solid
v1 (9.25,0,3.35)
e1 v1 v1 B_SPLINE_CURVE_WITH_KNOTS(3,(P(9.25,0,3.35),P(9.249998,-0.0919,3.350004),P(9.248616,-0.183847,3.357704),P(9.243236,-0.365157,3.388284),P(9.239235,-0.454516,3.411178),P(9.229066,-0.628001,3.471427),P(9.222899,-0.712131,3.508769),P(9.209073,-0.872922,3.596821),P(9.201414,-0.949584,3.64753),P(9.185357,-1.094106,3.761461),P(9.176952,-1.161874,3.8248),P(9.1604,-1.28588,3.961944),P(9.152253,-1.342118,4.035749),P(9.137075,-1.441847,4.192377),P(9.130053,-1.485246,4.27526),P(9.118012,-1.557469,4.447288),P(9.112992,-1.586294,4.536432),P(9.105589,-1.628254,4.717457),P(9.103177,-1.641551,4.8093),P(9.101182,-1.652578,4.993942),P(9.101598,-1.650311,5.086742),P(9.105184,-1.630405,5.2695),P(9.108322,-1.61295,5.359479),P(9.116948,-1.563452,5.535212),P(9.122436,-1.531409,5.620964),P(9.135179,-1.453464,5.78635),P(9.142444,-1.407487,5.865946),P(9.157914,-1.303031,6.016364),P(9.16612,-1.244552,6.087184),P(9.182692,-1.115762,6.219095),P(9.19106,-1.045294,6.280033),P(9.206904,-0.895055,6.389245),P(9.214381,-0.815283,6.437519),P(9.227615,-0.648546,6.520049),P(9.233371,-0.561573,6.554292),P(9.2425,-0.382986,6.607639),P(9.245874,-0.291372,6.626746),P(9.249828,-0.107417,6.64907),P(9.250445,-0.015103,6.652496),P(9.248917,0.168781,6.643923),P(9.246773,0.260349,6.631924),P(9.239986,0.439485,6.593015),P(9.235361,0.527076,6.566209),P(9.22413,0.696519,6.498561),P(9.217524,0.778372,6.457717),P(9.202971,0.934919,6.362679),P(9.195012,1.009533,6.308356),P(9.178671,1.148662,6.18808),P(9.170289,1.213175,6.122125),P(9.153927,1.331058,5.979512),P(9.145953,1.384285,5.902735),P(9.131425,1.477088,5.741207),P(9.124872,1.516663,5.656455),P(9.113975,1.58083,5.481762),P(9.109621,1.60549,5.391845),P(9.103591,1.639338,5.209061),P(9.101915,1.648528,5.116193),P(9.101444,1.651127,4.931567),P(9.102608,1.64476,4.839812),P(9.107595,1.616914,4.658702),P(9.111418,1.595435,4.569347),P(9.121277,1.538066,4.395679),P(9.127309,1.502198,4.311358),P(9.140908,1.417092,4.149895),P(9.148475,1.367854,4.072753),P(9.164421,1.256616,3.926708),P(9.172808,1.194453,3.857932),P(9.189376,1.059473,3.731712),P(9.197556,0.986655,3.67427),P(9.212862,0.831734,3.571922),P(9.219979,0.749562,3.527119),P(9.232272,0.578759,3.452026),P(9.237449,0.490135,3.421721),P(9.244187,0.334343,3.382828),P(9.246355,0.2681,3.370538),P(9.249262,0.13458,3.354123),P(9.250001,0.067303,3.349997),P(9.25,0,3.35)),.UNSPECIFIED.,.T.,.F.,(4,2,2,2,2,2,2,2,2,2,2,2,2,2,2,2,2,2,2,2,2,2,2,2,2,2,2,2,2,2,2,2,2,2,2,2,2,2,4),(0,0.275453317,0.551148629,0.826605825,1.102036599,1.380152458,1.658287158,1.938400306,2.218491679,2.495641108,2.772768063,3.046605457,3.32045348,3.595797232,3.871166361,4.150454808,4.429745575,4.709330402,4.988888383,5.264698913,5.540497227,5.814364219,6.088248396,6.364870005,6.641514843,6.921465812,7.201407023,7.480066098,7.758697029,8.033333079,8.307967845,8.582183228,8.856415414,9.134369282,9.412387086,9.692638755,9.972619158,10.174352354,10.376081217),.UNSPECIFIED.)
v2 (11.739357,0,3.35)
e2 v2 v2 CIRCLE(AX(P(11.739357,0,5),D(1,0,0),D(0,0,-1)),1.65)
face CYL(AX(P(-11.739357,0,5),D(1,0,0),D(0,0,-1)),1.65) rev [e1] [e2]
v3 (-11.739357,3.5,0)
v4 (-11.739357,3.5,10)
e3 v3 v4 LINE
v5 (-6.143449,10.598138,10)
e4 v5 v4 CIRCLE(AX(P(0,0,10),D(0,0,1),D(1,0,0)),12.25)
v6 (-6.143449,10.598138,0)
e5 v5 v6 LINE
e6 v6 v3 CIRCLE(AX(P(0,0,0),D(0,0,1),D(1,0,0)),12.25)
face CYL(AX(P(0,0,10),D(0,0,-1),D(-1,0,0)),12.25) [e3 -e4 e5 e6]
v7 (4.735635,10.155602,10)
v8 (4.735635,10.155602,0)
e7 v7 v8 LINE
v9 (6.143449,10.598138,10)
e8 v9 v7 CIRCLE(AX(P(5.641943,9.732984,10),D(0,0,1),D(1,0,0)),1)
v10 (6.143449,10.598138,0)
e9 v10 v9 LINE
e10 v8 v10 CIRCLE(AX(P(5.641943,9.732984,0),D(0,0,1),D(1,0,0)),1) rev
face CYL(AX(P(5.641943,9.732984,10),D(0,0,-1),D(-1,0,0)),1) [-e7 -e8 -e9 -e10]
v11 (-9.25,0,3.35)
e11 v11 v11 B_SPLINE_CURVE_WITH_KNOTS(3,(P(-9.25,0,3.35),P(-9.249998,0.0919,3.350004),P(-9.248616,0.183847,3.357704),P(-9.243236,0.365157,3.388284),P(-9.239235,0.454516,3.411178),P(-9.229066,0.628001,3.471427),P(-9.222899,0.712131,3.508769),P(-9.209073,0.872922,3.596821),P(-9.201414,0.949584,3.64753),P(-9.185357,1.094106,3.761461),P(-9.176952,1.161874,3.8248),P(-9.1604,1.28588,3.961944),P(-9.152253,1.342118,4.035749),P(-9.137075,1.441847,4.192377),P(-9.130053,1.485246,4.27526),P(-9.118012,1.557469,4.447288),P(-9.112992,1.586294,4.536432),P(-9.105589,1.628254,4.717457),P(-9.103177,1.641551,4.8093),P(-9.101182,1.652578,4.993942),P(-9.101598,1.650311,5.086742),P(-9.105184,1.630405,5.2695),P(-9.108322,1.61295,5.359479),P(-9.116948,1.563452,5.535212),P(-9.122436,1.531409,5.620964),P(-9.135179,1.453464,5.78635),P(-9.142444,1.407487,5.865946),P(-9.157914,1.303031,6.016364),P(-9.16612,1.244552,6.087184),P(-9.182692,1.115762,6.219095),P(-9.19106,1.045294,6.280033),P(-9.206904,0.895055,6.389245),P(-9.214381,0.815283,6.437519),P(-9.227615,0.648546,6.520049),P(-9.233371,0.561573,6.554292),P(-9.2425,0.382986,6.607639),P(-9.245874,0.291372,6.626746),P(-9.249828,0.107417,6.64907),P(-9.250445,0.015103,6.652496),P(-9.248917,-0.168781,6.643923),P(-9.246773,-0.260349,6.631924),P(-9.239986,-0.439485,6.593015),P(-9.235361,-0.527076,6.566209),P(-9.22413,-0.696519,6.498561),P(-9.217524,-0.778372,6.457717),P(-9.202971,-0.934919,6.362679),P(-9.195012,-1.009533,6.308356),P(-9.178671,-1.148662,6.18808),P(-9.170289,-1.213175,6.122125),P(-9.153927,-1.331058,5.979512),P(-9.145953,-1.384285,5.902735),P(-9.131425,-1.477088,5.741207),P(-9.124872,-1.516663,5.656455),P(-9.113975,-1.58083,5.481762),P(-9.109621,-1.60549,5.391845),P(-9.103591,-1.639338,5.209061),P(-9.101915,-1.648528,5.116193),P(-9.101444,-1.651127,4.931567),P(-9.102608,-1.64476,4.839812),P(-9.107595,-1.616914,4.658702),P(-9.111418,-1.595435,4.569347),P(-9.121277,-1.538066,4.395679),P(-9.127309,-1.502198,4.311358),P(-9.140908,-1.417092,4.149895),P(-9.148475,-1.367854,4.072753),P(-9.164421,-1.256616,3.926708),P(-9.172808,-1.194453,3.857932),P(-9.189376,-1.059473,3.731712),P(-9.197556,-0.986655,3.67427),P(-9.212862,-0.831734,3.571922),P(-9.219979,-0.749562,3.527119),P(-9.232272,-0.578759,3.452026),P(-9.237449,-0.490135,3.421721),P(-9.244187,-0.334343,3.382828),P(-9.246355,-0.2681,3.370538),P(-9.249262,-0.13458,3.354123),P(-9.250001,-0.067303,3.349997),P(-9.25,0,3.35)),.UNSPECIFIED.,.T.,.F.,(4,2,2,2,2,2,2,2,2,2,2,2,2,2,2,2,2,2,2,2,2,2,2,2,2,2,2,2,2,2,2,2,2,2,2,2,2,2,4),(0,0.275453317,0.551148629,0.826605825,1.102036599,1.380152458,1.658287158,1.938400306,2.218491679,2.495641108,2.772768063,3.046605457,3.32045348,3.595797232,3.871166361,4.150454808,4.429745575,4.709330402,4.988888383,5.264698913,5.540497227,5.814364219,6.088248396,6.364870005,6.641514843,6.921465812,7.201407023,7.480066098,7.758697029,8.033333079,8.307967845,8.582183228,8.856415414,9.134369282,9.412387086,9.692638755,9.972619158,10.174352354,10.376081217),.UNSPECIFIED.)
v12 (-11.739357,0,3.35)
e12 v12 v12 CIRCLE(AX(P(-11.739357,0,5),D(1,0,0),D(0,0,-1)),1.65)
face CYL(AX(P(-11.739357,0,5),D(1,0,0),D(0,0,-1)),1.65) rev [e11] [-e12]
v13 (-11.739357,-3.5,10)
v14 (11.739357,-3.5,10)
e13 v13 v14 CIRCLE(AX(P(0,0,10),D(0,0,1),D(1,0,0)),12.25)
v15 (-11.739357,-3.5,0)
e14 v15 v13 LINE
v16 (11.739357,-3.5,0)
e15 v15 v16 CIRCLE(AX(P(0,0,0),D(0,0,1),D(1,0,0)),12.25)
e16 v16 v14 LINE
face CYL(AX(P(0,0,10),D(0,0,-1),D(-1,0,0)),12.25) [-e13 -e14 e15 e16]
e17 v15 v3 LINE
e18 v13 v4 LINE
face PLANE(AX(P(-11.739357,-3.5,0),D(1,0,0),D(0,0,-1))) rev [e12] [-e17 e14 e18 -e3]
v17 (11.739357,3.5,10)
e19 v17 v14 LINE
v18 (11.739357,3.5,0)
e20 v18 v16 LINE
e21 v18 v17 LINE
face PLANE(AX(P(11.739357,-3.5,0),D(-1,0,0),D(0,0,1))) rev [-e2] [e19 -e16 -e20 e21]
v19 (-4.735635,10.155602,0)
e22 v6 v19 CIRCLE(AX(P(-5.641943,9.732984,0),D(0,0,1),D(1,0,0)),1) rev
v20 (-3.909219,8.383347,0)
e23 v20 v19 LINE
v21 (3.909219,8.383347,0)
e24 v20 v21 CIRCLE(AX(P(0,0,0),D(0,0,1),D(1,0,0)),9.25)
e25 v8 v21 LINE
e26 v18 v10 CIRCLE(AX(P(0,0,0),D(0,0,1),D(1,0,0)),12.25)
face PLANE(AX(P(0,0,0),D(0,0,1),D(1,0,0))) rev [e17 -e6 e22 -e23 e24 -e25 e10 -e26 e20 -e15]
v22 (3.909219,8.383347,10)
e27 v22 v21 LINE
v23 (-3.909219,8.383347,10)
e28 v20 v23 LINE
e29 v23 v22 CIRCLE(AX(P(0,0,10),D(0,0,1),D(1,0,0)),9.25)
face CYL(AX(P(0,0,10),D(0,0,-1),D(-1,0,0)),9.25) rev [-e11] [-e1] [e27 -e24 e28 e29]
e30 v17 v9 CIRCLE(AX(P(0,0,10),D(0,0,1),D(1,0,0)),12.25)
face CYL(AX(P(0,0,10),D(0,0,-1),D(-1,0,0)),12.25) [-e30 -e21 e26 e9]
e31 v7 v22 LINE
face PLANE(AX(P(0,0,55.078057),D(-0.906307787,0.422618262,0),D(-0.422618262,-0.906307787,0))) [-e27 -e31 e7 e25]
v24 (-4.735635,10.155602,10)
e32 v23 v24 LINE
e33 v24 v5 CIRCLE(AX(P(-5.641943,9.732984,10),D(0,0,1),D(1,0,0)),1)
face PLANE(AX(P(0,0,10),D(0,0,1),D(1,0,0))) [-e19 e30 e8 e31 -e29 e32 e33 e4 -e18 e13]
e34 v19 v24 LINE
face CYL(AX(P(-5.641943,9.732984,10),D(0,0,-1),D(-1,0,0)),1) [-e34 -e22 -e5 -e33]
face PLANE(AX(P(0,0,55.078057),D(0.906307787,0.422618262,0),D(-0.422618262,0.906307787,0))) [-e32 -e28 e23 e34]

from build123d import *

# Parameters (mm, degrees)
SKETCH_1_R               = 12.25
SKETCH_1_R_2             = 9.25
EXTRUDE_1_DEPTH          = 10
CUT_EXTRUDE_1_DEPTH      = 1
CUT_EXTRUDE_1_DEPTH_BACK = 11
SKETCH_3_W               = 9.638758803
SKETCH_3_H               = 7
CUT_EXTRUDE_2_DEPTH      = 11
SKETCH_4_R               = 1.65
CUT_EXTRUDE_3_DEPTH      = 24.478713764
FILLET_1_R               = 1


with BuildPart() as part:
    # ｽｹｯﾁ1 → ﾎﾞｽ - 押し出し1 (new body)
    with BuildSketch(Plane.XY):
        Circle(SKETCH_1_R)
        Circle(SKETCH_1_R_2, mode=Mode.SUBTRACT)
    extrude(amount=EXTRUDE_1_DEPTH)

    # ｽｹｯﾁ2 → ｶｯﾄ - 押し出し1 (cut, two sides)
    with BuildSketch(Plane.XY.offset(10)) as cut_extrude_1_sk:
        with BuildLine():
            Line((-5.177073706, 11.102270391), (-3.909218921, 8.38334703))
            ThreePointArc((-3.909218921, 8.38334703), (0, 9.25), (3.909218921, 8.38334703))
            Line((3.909218921, 8.38334703), (5.177073706, 11.102270391))
            ThreePointArc((5.177073706, 11.102270391), (0, 12.25), (-5.177073706, 11.102270391))
        make_face()
    extrude(amount=CUT_EXTRUDE_1_DEPTH, mode=Mode.SUBTRACT)
    extrude(cut_extrude_1_sk.sketch, amount=-CUT_EXTRUDE_1_DEPTH_BACK, mode=Mode.SUBTRACT)

    # ｽｹｯﾁ3 → ｶｯﾄ - 押し出し2 (cut, through all)
    with BuildSketch(Plane.XY.offset(10)):
        with Locations((-16.558736284, 0)):
            Rectangle(SKETCH_3_W, SKETCH_3_H)
        with Locations((16.558736284, 0)):
            Rectangle(SKETCH_3_W, SKETCH_3_H)
    extrude(amount=-CUT_EXTRUDE_2_DEPTH, mode=Mode.SUBTRACT)

    # ｽｹｯﾁ4 → ｶｯﾄ - 押し出し3 (cut, through all)
    with BuildSketch(Plane(origin=(11.739356882, 0, 0), x_dir=(0, 0, -1), z_dir=(1, 0, 0))):
        with Locations((-5, 0)):
            Circle(SKETCH_4_R)
    extrude(amount=-CUT_EXTRUDE_3_DEPTH, mode=Mode.SUBTRACT)

    # ﾌｨﾚｯﾄ1
    fillet_1_edges = [part.edges().sort_by_distance(p)[0] for p in [
        (-5.177073706, 11.102270391, 5),
        (5.177073706, 11.102270391, 5),
    ]]
    fillet(fillet_1_edges, radius=FILLET_1_R)


solid = part.part
